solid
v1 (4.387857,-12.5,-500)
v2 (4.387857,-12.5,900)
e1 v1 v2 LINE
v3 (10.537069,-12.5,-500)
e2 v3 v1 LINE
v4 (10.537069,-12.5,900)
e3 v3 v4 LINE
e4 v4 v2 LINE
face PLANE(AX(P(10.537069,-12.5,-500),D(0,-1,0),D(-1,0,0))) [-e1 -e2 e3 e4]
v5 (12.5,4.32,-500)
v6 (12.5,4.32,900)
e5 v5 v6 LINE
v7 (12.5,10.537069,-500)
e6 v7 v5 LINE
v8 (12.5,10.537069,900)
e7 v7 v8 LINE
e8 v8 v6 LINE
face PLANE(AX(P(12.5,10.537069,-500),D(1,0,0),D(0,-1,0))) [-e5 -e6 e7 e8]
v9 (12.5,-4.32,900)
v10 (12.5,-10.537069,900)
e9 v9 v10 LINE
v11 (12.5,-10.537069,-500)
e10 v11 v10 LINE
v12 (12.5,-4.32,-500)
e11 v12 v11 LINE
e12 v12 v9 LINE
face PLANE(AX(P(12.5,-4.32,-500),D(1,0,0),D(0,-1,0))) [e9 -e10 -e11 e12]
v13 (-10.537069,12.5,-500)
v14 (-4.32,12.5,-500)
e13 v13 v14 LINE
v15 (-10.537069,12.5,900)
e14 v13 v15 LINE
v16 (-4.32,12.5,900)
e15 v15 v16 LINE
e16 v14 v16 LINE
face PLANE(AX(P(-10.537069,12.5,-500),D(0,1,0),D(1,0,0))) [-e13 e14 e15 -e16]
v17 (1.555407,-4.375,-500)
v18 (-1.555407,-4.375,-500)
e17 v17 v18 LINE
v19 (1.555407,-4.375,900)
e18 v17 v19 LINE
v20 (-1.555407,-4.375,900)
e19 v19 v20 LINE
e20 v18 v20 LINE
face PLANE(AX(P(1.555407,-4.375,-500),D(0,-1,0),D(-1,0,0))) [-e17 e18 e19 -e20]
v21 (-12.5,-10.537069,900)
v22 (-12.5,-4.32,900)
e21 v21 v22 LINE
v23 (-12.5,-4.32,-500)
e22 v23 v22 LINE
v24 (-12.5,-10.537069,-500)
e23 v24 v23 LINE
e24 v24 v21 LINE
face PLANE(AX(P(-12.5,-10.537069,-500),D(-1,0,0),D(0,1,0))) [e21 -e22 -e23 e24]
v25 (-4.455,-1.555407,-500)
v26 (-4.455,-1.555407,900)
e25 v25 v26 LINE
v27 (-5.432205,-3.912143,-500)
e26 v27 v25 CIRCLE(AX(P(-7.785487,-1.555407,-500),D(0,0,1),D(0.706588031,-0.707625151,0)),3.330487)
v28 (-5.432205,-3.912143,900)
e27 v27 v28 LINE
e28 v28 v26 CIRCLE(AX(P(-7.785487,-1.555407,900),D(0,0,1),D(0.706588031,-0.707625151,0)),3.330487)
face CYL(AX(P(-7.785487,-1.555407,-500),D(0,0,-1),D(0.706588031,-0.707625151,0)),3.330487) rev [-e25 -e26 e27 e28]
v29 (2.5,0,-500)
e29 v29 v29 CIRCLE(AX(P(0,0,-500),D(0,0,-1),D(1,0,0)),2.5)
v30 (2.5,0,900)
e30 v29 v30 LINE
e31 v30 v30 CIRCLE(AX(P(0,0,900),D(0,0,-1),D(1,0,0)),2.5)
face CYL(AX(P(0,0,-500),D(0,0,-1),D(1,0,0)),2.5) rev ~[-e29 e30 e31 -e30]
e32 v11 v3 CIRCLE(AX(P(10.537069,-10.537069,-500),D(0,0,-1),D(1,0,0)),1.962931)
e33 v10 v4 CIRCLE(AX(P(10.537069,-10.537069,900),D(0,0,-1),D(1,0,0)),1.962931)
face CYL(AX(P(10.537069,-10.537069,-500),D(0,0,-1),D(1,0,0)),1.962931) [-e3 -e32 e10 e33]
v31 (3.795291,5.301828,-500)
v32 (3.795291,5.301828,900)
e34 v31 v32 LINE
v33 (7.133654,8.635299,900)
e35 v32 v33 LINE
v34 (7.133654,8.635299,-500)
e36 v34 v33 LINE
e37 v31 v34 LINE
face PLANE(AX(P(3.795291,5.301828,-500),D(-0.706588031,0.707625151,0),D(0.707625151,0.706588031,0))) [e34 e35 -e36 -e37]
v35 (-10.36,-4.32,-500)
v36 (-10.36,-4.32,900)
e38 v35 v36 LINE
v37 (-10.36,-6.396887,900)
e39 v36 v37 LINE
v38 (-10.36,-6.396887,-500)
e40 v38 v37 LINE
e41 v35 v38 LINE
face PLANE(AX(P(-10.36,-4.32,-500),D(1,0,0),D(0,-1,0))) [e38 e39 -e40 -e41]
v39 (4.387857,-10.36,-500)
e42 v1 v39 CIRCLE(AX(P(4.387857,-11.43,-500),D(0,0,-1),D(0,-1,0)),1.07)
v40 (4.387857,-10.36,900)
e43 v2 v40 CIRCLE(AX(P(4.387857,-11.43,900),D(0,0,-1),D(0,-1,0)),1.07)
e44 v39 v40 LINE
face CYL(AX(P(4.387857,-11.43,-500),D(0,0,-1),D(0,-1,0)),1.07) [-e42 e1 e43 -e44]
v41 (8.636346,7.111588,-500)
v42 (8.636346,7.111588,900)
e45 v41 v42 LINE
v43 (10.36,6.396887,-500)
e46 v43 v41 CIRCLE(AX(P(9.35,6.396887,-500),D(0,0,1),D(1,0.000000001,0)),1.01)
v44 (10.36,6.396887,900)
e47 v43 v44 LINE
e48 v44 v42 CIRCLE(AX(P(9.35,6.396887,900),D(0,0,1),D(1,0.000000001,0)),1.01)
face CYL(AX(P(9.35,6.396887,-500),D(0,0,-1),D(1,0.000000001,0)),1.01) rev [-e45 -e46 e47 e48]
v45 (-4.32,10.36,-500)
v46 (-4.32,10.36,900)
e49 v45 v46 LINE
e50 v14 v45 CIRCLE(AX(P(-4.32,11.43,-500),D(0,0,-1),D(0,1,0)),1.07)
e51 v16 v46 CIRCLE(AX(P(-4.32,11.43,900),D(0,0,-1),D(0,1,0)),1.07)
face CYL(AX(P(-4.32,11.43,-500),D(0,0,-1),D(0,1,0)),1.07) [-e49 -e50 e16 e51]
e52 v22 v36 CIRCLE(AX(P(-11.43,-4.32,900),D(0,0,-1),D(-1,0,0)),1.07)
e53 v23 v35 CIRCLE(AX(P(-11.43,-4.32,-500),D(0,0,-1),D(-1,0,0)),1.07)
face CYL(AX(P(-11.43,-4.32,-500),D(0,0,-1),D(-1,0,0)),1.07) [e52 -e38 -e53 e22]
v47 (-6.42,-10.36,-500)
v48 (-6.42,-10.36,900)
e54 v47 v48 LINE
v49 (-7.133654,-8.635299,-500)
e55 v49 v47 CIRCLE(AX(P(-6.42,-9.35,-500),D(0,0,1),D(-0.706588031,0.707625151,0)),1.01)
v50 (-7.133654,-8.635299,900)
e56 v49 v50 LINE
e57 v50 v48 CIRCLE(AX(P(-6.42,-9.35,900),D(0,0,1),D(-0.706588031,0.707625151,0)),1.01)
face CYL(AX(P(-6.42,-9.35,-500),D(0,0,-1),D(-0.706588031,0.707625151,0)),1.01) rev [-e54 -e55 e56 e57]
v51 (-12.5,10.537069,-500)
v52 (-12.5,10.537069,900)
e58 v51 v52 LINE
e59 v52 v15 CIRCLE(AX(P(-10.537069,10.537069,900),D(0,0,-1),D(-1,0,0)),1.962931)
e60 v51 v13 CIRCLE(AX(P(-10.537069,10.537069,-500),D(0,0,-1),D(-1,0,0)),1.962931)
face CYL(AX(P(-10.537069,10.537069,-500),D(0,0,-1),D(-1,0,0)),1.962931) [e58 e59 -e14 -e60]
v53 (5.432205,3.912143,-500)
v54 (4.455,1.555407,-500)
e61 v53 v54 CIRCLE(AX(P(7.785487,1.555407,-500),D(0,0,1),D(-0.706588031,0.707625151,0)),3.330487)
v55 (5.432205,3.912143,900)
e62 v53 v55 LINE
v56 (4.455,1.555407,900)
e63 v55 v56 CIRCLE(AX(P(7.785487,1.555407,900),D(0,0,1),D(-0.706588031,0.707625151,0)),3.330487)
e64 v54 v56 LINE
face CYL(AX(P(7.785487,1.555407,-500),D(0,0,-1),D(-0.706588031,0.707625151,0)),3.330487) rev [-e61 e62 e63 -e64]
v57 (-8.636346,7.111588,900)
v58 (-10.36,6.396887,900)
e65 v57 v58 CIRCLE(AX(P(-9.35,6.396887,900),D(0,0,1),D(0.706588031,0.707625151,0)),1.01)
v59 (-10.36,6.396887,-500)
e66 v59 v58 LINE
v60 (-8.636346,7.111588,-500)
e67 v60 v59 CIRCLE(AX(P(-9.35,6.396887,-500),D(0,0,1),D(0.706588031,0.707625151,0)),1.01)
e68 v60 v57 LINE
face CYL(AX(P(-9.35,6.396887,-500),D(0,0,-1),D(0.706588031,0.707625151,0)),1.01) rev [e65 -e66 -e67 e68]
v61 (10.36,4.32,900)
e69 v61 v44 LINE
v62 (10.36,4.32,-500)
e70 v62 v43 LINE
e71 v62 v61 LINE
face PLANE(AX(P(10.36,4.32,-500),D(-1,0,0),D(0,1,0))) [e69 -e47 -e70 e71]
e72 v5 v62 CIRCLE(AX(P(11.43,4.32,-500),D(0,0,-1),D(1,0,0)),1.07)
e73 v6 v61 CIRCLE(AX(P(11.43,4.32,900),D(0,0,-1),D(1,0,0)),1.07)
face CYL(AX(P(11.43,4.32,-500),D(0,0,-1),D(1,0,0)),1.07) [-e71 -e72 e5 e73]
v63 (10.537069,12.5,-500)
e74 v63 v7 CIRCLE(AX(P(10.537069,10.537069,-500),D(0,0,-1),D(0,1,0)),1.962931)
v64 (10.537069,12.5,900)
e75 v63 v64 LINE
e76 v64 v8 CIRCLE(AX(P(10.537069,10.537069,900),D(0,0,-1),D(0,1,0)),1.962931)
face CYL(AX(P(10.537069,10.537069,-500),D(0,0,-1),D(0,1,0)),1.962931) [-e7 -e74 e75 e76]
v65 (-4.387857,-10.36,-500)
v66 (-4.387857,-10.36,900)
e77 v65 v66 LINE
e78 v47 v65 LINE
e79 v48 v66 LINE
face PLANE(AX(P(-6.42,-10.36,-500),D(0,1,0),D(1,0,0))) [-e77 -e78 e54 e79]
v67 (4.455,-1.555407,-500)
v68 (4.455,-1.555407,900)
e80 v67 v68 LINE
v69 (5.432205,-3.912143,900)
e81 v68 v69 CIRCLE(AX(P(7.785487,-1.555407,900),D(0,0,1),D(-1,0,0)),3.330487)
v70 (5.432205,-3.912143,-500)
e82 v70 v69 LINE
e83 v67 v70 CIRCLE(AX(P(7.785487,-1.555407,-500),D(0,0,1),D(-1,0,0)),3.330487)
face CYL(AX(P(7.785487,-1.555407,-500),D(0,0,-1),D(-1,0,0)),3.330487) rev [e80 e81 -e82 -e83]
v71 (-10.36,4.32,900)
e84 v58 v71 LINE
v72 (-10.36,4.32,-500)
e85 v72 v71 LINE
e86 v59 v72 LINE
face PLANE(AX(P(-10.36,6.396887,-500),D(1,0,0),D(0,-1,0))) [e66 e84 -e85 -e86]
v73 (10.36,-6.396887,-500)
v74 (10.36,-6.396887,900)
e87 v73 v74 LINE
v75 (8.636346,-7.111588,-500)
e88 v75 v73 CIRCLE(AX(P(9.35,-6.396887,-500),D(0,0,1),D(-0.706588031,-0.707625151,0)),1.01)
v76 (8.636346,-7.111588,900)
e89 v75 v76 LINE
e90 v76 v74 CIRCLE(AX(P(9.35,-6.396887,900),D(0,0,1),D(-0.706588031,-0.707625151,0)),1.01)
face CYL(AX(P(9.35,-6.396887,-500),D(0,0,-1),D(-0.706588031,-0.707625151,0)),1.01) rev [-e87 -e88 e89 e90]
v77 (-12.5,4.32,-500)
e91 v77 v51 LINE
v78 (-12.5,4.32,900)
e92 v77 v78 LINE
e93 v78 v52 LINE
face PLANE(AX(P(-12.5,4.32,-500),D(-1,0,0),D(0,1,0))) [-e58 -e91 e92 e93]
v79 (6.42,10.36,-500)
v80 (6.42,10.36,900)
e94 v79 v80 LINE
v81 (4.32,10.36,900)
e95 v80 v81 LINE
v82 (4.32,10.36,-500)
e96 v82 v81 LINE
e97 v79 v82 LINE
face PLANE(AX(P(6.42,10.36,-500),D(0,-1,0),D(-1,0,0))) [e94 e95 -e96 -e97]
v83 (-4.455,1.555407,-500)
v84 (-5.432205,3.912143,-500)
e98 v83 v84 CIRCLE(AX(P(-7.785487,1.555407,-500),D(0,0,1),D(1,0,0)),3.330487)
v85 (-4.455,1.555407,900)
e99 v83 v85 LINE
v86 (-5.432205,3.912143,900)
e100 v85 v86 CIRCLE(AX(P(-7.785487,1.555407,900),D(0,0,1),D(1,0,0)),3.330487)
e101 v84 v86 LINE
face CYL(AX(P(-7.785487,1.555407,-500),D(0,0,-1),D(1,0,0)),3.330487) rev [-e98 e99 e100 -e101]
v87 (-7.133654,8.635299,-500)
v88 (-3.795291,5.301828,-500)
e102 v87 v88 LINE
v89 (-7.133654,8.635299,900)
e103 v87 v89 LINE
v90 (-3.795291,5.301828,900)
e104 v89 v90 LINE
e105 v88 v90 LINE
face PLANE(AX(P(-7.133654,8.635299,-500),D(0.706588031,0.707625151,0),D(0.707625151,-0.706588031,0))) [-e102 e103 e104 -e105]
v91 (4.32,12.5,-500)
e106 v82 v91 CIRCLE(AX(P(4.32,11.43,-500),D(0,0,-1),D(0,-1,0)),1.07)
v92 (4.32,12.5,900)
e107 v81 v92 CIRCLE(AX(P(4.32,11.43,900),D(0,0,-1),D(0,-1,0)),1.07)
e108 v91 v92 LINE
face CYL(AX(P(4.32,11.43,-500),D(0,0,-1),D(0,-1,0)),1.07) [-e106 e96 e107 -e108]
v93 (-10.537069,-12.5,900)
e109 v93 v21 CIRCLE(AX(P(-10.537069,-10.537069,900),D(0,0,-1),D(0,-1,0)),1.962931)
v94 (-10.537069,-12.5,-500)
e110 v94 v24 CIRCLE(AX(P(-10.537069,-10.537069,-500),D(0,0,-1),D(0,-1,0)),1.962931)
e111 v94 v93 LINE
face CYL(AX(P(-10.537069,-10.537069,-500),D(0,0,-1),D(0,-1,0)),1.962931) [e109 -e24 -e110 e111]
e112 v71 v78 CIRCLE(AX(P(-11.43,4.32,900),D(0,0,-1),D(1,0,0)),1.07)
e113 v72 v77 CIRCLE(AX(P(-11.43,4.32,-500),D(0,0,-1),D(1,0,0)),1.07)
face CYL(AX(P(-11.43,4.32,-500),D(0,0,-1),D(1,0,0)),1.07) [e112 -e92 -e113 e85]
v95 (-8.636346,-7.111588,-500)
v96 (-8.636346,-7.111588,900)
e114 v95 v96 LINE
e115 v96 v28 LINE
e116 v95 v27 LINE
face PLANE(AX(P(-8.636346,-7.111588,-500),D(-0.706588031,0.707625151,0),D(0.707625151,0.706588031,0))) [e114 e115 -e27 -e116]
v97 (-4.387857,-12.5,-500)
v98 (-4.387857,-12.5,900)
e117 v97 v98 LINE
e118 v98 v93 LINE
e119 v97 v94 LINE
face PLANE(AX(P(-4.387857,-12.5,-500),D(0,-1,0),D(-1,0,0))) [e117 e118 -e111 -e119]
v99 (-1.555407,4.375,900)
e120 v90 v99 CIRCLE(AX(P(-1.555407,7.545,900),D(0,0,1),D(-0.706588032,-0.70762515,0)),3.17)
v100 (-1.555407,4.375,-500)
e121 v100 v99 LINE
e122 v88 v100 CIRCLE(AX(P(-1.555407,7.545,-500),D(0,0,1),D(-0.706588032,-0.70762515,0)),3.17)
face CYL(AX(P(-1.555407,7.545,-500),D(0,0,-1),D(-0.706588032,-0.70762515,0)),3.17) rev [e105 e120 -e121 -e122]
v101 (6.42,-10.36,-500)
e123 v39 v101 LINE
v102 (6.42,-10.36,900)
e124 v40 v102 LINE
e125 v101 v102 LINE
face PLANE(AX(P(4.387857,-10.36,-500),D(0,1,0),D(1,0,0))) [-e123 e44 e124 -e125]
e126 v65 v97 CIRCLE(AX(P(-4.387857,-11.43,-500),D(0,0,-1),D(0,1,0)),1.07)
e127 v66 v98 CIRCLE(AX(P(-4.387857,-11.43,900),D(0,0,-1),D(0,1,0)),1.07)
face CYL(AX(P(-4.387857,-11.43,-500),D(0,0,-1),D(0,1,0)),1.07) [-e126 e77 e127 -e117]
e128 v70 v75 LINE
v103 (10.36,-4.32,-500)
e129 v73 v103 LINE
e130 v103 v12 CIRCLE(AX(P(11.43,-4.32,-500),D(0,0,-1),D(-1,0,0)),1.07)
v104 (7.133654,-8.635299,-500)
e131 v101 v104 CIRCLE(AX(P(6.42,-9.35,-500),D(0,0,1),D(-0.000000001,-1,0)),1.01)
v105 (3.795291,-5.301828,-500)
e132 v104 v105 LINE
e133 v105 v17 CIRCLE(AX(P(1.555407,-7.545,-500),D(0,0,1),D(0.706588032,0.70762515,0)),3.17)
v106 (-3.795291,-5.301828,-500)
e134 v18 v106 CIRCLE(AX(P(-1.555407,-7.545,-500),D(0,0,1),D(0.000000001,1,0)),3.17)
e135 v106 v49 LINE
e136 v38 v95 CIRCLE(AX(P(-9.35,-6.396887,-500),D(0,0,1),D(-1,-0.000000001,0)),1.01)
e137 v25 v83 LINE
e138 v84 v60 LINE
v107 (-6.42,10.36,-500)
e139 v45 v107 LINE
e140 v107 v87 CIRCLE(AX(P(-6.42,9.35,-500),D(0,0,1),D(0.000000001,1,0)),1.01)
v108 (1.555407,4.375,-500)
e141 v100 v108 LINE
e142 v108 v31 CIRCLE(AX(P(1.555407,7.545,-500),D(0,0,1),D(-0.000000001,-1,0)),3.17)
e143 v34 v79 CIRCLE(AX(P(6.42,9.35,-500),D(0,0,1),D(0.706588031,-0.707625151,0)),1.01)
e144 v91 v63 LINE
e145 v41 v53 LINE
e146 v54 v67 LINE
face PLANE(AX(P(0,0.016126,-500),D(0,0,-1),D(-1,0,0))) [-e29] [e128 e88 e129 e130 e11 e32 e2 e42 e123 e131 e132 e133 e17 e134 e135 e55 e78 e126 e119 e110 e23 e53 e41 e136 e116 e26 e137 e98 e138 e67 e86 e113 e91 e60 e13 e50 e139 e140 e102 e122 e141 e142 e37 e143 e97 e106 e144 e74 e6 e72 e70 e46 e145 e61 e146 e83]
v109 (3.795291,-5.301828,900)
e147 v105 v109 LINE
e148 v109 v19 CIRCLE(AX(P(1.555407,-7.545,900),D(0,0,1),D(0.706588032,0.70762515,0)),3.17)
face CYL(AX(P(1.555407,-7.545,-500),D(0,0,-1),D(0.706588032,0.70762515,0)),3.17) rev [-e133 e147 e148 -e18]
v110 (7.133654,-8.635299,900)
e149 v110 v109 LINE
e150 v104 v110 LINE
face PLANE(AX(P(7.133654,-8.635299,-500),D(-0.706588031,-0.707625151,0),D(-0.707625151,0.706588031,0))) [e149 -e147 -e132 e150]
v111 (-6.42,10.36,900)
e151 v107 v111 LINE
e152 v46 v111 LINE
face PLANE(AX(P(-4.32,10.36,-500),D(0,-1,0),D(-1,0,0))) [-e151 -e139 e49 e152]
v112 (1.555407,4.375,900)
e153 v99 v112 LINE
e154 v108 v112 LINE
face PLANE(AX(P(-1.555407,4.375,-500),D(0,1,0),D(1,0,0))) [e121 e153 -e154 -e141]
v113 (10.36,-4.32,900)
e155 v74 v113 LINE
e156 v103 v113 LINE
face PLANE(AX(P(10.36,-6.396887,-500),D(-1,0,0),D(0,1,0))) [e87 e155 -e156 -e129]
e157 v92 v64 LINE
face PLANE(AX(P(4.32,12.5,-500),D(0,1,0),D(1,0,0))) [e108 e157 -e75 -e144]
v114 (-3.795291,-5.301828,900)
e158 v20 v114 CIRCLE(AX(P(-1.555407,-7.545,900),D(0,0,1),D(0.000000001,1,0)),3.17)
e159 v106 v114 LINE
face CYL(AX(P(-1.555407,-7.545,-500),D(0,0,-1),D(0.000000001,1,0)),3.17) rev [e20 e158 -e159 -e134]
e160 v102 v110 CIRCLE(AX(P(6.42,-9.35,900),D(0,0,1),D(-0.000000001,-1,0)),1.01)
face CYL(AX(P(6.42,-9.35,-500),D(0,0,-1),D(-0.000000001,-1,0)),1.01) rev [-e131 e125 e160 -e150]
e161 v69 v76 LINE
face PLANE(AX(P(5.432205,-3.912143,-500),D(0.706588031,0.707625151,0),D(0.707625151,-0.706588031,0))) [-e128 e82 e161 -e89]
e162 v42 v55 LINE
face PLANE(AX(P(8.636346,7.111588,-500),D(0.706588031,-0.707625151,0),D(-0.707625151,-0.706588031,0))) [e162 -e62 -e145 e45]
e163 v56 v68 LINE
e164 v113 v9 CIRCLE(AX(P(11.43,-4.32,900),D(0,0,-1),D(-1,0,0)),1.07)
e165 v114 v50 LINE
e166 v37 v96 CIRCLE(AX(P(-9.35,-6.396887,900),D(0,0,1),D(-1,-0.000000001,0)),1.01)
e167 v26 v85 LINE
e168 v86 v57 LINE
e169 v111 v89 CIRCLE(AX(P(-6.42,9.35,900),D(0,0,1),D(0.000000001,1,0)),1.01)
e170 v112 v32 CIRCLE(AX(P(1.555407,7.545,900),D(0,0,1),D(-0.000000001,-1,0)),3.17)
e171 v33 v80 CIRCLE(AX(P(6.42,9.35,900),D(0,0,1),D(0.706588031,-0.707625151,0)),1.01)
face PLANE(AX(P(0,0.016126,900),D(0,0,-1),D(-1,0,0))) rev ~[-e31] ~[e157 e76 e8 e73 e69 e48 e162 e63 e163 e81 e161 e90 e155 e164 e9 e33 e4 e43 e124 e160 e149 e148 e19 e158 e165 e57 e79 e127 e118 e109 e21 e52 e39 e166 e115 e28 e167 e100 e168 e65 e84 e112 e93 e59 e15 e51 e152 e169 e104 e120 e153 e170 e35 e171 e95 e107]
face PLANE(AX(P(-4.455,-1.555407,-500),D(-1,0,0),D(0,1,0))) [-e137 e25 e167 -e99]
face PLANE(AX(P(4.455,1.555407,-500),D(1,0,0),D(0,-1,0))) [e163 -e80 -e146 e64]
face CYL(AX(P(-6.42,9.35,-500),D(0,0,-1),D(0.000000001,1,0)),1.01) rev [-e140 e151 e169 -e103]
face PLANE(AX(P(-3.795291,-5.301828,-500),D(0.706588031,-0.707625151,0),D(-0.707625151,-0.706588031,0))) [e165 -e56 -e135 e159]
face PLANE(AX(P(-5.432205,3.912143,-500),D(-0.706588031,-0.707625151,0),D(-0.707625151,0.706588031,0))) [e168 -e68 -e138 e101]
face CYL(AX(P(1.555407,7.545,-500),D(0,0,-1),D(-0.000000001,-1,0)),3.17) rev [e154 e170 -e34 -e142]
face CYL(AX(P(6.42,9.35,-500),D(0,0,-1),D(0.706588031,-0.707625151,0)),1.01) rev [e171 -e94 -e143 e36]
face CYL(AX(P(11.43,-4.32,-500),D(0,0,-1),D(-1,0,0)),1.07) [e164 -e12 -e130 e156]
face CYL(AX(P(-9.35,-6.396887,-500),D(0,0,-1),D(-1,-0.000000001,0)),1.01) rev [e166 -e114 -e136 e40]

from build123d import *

# Parameters (mm, degrees)
SKETCH1_R           = 2.5
BOSS_EXTRUDE1_DEPTH = 1400


with BuildPart() as part:
    # Sketch1 → Boss-Extrude1 (new body)
    with BuildSketch(Plane(origin=(0, 0, -500), x_dir=(-1, 0, 0), z_dir=(0, 0, -1))):
        with BuildLine():
            Line((12.5, 4.32), (12.5, 10.537068835))
            ThreePointArc((12.5, 10.537068835), (11.925070773, 11.925070773), (10.537068835, 12.5))
            Line((10.537068835, 12.5), (4.32, 12.5))
            ThreePointArc((4.32, 12.5), (3.25, 11.43), (4.32, 10.36))
            Line((4.32, 10.36), (6.42, 10.36))
            ThreePointArc((6.42, 10.36), (7.35325999, 9.736168088), (7.133653912, 8.635298598))
            Line((7.133653912, 8.635298598), (3.795290766, 5.301828272))
            ThreePointArc((3.795290766, 5.301828272), (2.76743922, 4.61585726), (1.555406707, 4.375))
            Line((1.555406707, 4.375), (-1.555406707, 4.375))
            ThreePointArc((-1.555406707, 4.375), (-2.76743922, 4.61585726), (-3.795290766, 5.301828272))
            Line((-3.795290766, 5.301828272), (-7.133653912, 8.635298598))
            ThreePointArc((-7.133653912, 8.635298598), (-7.35325999, 9.736168088), (-6.42, 10.36))
            Line((-6.42, 10.36), (-4.32, 10.36))
            ThreePointArc((-4.32, 10.36), (-3.25, 11.43), (-4.32, 12.5))
            Line((-4.32, 12.5), (-10.537068835, 12.5))
            ThreePointArc((-10.537068835, 12.5), (-11.925070773, 11.925070773), (-12.5, 10.537068835))
            Line((-12.5, 10.537068835), (-12.5, 4.32))
            ThreePointArc((-12.5, 4.32), (-11.43, 3.25), (-10.36, 4.32))
            Line((-10.36, 4.32), (-10.36, 6.396886949))
            ThreePointArc((-10.36, 6.396886949), (-9.736852394, 7.329863489), (-8.636346088, 7.111588351))
            Line((-8.636346088, 7.111588351), (-5.432204773, 3.912143135))
            ThreePointArc((-5.432204773, 3.912143135), (-4.708985779, 2.831057106), (-4.455, 1.555406707))
            Line((-4.455, 1.555406707), (-4.455, -1.555406707))
            ThreePointArc((-4.455, -1.555406707), (-4.708985779, -2.831057106), (-5.432204773, -3.912143135))
            Line((-5.432204773, -3.912143135), (-8.636346088, -7.111588351))
            ThreePointArc((-8.636346088, -7.111588351), (-9.736852394, -7.329863489), (-10.36, -6.396886949))
            Line((-10.36, -6.396886949), (-10.36, -4.32))
            ThreePointArc((-10.36, -4.32), (-11.43, -3.25), (-12.5, -4.32))
            Line((-12.5, -4.32), (-12.5, -10.537068835))
            ThreePointArc((-12.5, -10.537068835), (-11.925070773, -11.925070773), (-10.537068835, -12.5))
            Line((-10.537068835, -12.5), (-4.387856959, -12.5))
            ThreePointArc((-4.387856959, -12.5), (-3.317856959, -11.43), (-4.387856959, -10.36))
            Line((-4.387856959, -10.36), (-6.42, -10.36))
            ThreePointArc((-6.42, -10.36), (-7.35325999, -9.736168088), (-7.133653912, -8.635298598))
            Line((-7.133653912, -8.635298598), (-3.795290766, -5.301828272))
            ThreePointArc((-3.795290766, -5.301828272), (-2.76743922, -4.61585726), (-1.555406707, -4.375))
            Line((-1.555406707, -4.375), (1.555406707, -4.375))
            ThreePointArc((1.555406707, -4.375), (2.76743922, -4.61585726), (3.795290766, -5.301828272))
            Line((3.795290766, -5.301828272), (7.133653912, -8.635298598))
            ThreePointArc((7.133653912, -8.635298598), (7.35325999, -9.736168088), (6.42, -10.36))
            Line((6.42, -10.36), (4.387856959, -10.36))
            ThreePointArc((4.387856959, -10.36), (3.317856959, -11.43), (4.387856959, -12.5))
            Line((4.387856959, -12.5), (10.537068835, -12.5))
            ThreePointArc((10.537068835, -12.5), (11.925070773, -11.925070773), (12.5, -10.537068835))
            Line((12.5, -10.537068835), (12.5, -4.32))
            ThreePointArc((12.5, -4.32), (11.43, -3.25), (10.36, -4.32))
            Line((10.36, -4.32), (10.36, -6.396886949))
            ThreePointArc((10.36, -6.396886949), (9.736852394, -7.329863489), (8.636346088, -7.111588351))
            Line((8.636346088, -7.111588351), (5.432204773, -3.912143135))
            ThreePointArc((5.432204773, -3.912143135), (4.708985779, -2.831057106), (4.455, -1.555406707))
            Line((4.455, -1.555406707), (4.455, 1.555406707))
            ThreePointArc((4.455, 1.555406707), (4.708985779, 2.831057106), (5.432204773, 3.912143135))
            Line((5.432204773, 3.912143135), (8.636346088, 7.111588351))
            ThreePointArc((8.636346088, 7.111588351), (9.736852394, 7.329863489), (10.36, 6.396886949))
            Line((10.36, 6.396886949), (10.36, 4.32))
            ThreePointArc((10.36, 4.32), (11.43, 3.25), (12.5, 4.32))
        make_face()
        with Locations(Location((0, 0, 0), (0, 0, 180))):
            Circle(SKETCH1_R, mode=Mode.SUBTRACT)
    extrude(amount=-BOSS_EXTRUDE1_DEPTH)


solid = part.part
